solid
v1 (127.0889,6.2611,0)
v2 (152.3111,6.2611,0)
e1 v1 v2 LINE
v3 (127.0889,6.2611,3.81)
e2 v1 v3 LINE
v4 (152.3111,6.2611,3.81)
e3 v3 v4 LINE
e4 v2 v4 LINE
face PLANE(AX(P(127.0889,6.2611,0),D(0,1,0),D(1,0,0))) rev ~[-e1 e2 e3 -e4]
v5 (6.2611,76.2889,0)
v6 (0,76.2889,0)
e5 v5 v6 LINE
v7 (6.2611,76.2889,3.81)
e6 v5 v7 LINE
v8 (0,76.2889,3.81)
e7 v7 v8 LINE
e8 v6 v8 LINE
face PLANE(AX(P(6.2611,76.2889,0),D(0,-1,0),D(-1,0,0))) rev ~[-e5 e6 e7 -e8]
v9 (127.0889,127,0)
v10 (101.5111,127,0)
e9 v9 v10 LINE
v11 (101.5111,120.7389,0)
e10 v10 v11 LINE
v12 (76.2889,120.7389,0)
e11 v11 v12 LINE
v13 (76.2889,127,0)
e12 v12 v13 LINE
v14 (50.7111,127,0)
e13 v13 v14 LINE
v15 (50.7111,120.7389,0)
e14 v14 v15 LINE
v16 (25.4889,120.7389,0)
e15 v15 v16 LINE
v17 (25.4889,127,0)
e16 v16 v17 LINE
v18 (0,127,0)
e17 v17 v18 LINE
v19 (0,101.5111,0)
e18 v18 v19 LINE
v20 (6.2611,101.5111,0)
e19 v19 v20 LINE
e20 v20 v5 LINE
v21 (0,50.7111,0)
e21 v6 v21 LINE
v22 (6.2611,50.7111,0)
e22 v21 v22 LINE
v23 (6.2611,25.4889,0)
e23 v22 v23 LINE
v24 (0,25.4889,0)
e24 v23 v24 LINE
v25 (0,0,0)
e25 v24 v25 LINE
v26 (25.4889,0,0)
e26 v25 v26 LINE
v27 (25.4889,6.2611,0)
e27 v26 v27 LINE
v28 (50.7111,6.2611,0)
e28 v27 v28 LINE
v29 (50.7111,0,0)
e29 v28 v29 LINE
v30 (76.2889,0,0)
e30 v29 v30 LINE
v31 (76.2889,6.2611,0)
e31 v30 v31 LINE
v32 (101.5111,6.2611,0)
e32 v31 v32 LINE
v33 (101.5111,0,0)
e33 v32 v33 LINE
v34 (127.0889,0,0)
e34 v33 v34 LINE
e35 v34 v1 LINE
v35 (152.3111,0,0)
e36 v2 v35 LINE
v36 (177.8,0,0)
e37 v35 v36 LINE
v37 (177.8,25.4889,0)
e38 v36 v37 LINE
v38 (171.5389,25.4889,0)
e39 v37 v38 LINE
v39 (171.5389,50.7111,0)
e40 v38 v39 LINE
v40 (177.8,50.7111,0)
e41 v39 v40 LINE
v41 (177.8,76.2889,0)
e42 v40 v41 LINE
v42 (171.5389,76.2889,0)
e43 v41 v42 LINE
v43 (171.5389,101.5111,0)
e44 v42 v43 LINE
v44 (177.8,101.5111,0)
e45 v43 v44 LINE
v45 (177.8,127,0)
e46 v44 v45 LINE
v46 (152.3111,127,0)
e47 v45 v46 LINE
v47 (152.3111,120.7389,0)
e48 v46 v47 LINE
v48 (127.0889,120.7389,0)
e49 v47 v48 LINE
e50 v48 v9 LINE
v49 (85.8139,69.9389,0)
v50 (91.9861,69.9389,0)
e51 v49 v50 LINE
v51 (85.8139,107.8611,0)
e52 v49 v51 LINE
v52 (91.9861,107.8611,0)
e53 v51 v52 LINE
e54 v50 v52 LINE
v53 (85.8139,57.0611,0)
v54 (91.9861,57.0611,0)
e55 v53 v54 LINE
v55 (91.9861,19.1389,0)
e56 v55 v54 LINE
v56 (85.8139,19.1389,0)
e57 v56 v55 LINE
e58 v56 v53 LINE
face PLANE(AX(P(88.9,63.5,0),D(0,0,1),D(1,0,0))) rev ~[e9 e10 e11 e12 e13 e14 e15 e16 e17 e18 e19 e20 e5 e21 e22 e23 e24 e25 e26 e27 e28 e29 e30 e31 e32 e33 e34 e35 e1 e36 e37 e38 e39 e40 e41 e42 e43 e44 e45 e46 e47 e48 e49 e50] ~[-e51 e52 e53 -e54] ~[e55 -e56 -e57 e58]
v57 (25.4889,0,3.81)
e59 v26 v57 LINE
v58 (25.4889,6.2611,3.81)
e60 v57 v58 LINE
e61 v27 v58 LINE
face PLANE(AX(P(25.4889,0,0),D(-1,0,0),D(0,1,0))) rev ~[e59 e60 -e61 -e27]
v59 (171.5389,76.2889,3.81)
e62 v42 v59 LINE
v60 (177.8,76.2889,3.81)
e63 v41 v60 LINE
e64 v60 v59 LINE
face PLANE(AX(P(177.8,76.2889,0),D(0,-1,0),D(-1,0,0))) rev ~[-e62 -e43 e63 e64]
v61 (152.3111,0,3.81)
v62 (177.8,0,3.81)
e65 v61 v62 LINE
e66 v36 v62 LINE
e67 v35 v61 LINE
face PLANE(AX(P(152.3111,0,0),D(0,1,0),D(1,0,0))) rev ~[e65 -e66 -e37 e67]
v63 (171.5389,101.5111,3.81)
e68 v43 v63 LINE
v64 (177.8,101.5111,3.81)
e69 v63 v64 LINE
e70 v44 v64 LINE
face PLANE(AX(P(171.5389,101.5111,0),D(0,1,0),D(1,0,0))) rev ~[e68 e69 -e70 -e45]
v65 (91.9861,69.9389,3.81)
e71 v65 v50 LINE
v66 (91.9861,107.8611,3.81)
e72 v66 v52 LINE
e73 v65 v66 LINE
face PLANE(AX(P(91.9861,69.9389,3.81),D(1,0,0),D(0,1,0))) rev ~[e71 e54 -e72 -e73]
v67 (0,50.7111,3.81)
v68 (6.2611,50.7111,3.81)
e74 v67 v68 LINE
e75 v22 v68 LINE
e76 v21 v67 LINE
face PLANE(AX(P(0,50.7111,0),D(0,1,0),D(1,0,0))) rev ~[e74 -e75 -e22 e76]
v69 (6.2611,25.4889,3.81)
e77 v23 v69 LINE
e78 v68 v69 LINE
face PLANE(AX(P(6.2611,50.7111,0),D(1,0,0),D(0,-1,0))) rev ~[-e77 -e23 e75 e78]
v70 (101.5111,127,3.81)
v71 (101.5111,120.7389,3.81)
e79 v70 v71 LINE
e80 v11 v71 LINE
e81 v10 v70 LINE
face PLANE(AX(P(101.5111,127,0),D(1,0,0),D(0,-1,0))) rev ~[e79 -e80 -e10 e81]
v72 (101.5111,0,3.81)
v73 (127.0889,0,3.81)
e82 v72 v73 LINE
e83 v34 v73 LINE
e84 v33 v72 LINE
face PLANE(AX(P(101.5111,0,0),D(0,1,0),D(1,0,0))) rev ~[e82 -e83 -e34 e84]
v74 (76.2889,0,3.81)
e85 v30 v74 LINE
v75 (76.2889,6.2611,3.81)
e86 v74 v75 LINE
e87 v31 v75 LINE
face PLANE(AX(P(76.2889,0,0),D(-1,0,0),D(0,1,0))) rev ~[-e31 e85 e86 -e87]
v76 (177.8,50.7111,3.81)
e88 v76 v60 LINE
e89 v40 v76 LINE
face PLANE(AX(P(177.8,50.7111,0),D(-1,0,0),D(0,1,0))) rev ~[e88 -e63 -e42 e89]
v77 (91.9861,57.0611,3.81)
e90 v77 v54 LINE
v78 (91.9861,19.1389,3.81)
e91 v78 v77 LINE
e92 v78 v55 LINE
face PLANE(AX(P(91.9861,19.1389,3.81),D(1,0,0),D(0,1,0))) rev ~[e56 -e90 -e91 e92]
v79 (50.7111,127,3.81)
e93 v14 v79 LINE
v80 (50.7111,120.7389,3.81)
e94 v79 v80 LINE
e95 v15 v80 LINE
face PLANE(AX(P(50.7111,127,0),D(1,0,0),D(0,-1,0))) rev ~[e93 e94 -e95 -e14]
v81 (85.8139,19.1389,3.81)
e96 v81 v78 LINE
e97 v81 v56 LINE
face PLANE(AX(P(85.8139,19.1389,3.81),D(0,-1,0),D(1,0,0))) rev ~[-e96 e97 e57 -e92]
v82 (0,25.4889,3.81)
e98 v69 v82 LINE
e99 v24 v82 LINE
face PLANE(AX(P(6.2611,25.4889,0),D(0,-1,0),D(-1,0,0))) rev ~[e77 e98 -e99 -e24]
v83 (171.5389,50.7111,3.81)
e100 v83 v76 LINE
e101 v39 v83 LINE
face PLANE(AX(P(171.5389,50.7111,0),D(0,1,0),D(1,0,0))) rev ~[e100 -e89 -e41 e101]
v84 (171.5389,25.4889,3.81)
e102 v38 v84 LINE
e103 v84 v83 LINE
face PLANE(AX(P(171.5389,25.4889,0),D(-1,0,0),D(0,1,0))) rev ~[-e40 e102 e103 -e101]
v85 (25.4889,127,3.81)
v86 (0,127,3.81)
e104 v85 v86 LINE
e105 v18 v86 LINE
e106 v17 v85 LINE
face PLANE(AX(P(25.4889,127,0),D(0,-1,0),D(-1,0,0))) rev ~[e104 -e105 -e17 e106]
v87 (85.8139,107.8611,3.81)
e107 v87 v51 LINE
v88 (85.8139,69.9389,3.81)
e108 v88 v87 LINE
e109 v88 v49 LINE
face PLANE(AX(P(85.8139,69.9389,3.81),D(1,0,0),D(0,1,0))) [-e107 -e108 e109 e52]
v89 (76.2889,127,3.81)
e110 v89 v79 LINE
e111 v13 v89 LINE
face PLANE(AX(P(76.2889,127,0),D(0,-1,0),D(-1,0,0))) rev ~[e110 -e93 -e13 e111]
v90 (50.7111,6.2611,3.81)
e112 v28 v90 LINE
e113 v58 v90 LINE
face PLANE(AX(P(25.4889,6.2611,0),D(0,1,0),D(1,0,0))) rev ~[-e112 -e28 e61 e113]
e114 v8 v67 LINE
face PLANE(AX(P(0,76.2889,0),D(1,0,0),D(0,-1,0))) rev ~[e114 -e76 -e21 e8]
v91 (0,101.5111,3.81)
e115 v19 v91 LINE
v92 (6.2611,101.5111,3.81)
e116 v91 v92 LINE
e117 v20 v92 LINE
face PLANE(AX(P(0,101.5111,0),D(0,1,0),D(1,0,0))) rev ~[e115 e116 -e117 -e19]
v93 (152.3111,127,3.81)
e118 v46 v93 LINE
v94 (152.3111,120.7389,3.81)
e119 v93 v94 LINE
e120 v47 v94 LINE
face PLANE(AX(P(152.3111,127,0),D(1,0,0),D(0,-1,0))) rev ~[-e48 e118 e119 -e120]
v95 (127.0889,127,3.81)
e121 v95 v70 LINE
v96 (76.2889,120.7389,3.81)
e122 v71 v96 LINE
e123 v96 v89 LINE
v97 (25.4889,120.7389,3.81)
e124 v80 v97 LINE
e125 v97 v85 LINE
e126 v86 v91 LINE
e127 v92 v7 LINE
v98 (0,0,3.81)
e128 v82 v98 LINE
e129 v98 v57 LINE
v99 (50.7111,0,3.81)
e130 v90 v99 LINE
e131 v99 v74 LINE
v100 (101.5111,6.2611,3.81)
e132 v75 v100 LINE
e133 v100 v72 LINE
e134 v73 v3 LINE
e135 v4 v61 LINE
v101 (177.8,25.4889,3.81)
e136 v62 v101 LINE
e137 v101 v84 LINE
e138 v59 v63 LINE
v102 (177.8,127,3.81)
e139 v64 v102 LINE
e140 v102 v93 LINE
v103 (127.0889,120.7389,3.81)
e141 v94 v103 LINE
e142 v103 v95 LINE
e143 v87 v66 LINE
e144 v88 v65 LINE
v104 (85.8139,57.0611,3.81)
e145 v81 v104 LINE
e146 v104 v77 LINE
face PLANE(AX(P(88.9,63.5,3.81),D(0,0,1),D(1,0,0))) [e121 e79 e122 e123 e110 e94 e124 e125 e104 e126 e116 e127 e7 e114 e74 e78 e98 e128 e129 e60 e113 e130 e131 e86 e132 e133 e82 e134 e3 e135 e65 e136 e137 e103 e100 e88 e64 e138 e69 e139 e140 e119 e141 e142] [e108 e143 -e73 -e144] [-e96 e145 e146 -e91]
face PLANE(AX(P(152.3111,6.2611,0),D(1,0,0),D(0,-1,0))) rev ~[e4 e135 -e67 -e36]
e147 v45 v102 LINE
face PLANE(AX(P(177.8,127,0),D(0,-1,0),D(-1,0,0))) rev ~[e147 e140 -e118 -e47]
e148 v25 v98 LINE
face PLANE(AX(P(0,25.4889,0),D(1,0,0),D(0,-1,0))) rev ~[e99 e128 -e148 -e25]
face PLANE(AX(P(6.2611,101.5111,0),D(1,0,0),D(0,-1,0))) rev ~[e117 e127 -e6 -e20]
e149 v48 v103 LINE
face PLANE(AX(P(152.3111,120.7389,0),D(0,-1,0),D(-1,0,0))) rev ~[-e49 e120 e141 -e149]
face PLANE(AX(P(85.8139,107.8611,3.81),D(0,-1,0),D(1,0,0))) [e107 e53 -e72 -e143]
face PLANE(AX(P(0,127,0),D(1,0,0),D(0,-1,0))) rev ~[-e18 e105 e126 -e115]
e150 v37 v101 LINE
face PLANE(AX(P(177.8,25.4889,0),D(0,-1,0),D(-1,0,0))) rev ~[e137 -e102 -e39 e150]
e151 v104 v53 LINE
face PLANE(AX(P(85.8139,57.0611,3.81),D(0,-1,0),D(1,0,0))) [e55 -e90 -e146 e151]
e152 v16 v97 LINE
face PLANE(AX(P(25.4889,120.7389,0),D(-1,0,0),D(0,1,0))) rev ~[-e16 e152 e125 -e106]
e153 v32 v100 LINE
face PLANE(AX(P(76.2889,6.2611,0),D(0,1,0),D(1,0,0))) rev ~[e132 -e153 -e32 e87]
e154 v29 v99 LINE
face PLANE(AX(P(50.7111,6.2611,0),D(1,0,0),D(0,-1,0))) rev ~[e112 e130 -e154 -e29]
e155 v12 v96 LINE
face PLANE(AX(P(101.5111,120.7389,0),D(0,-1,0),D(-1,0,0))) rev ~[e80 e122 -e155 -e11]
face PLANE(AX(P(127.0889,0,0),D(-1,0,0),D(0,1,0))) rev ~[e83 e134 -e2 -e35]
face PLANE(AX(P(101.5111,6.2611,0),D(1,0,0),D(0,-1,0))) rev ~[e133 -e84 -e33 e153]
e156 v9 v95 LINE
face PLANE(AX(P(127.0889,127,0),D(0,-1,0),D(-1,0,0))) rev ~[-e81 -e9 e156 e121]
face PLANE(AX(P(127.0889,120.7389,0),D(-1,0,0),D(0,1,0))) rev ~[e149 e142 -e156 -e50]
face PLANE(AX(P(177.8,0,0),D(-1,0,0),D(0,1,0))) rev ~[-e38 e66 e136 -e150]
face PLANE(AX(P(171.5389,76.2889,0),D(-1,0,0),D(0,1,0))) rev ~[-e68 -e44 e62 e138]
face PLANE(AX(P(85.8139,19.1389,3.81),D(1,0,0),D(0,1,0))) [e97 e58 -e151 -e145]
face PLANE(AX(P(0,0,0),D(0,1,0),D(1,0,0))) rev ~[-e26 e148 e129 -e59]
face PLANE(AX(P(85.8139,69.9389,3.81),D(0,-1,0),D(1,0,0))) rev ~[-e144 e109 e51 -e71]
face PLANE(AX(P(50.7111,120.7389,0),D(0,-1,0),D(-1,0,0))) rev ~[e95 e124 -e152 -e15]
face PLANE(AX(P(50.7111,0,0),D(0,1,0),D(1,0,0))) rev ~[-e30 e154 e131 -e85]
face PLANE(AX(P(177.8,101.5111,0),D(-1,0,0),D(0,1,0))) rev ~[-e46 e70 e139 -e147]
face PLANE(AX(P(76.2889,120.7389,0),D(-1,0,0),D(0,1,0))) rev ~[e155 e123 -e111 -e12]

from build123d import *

# Parameters (mm, degrees)
F1_DEPTH = 3.81
F2_W     = 6.1722
F2_H     = 37.9222
F3_DEPTH = 3.811


with BuildPart() as f1:
    # F0 (on Top) → F1 (new body)
    with BuildSketch(Plane.XY):
        Polygon((25.4889, 127), (0, 127), (0, 101.5111), (6.2611, 101.5111), (6.2611, 76.2889), (0, 76.2889), (0, 50.7111), (6.2611, 50.7111), (6.2611, 25.4889), (0, 25.4889), (0, 0), (25.4889, 0), (25.4889, 6.2611), (50.7111, 6.2611), (50.7111, 0), (76.2889, 0), (76.2889, 6.2611), (101.5111, 6.2611), (101.5111, 0), (127.0889, 0), (127.0889, 6.2611), (152.3111, 6.2611), (152.3111, 0), (177.8, 0), (177.8, 25.4889), (171.5389, 25.4889), (171.5389, 50.7111), (177.8, 50.7111), (177.8, 76.2889), (171.5389, 76.2889), (171.5389, 101.5111), (177.8, 101.5111), (177.8, 127), (152.3111, 127), (152.3111, 120.7389), (127.0889, 120.7389), (127.0889, 127), (101.5111, 127), (101.5111, 120.7389), (76.2889, 120.7389), (76.2889, 127), (50.7111, 127), (50.7111, 120.7389), (25.4889, 120.7389), align=None)
    extrude(amount=F1_DEPTH)

    # F2 (on face) → F3 (cut, through all)
    with BuildSketch(Plane.XY.offset(3.81)):
        with Locations((88.9, 88.9)):
            Rectangle(F2_W, F2_H)
        with Locations((88.9, 38.1)):
            Rectangle(F2_W, F2_H)
    extrude(amount=-F3_DEPTH, mode=Mode.SUBTRACT)


solid = f1.part
